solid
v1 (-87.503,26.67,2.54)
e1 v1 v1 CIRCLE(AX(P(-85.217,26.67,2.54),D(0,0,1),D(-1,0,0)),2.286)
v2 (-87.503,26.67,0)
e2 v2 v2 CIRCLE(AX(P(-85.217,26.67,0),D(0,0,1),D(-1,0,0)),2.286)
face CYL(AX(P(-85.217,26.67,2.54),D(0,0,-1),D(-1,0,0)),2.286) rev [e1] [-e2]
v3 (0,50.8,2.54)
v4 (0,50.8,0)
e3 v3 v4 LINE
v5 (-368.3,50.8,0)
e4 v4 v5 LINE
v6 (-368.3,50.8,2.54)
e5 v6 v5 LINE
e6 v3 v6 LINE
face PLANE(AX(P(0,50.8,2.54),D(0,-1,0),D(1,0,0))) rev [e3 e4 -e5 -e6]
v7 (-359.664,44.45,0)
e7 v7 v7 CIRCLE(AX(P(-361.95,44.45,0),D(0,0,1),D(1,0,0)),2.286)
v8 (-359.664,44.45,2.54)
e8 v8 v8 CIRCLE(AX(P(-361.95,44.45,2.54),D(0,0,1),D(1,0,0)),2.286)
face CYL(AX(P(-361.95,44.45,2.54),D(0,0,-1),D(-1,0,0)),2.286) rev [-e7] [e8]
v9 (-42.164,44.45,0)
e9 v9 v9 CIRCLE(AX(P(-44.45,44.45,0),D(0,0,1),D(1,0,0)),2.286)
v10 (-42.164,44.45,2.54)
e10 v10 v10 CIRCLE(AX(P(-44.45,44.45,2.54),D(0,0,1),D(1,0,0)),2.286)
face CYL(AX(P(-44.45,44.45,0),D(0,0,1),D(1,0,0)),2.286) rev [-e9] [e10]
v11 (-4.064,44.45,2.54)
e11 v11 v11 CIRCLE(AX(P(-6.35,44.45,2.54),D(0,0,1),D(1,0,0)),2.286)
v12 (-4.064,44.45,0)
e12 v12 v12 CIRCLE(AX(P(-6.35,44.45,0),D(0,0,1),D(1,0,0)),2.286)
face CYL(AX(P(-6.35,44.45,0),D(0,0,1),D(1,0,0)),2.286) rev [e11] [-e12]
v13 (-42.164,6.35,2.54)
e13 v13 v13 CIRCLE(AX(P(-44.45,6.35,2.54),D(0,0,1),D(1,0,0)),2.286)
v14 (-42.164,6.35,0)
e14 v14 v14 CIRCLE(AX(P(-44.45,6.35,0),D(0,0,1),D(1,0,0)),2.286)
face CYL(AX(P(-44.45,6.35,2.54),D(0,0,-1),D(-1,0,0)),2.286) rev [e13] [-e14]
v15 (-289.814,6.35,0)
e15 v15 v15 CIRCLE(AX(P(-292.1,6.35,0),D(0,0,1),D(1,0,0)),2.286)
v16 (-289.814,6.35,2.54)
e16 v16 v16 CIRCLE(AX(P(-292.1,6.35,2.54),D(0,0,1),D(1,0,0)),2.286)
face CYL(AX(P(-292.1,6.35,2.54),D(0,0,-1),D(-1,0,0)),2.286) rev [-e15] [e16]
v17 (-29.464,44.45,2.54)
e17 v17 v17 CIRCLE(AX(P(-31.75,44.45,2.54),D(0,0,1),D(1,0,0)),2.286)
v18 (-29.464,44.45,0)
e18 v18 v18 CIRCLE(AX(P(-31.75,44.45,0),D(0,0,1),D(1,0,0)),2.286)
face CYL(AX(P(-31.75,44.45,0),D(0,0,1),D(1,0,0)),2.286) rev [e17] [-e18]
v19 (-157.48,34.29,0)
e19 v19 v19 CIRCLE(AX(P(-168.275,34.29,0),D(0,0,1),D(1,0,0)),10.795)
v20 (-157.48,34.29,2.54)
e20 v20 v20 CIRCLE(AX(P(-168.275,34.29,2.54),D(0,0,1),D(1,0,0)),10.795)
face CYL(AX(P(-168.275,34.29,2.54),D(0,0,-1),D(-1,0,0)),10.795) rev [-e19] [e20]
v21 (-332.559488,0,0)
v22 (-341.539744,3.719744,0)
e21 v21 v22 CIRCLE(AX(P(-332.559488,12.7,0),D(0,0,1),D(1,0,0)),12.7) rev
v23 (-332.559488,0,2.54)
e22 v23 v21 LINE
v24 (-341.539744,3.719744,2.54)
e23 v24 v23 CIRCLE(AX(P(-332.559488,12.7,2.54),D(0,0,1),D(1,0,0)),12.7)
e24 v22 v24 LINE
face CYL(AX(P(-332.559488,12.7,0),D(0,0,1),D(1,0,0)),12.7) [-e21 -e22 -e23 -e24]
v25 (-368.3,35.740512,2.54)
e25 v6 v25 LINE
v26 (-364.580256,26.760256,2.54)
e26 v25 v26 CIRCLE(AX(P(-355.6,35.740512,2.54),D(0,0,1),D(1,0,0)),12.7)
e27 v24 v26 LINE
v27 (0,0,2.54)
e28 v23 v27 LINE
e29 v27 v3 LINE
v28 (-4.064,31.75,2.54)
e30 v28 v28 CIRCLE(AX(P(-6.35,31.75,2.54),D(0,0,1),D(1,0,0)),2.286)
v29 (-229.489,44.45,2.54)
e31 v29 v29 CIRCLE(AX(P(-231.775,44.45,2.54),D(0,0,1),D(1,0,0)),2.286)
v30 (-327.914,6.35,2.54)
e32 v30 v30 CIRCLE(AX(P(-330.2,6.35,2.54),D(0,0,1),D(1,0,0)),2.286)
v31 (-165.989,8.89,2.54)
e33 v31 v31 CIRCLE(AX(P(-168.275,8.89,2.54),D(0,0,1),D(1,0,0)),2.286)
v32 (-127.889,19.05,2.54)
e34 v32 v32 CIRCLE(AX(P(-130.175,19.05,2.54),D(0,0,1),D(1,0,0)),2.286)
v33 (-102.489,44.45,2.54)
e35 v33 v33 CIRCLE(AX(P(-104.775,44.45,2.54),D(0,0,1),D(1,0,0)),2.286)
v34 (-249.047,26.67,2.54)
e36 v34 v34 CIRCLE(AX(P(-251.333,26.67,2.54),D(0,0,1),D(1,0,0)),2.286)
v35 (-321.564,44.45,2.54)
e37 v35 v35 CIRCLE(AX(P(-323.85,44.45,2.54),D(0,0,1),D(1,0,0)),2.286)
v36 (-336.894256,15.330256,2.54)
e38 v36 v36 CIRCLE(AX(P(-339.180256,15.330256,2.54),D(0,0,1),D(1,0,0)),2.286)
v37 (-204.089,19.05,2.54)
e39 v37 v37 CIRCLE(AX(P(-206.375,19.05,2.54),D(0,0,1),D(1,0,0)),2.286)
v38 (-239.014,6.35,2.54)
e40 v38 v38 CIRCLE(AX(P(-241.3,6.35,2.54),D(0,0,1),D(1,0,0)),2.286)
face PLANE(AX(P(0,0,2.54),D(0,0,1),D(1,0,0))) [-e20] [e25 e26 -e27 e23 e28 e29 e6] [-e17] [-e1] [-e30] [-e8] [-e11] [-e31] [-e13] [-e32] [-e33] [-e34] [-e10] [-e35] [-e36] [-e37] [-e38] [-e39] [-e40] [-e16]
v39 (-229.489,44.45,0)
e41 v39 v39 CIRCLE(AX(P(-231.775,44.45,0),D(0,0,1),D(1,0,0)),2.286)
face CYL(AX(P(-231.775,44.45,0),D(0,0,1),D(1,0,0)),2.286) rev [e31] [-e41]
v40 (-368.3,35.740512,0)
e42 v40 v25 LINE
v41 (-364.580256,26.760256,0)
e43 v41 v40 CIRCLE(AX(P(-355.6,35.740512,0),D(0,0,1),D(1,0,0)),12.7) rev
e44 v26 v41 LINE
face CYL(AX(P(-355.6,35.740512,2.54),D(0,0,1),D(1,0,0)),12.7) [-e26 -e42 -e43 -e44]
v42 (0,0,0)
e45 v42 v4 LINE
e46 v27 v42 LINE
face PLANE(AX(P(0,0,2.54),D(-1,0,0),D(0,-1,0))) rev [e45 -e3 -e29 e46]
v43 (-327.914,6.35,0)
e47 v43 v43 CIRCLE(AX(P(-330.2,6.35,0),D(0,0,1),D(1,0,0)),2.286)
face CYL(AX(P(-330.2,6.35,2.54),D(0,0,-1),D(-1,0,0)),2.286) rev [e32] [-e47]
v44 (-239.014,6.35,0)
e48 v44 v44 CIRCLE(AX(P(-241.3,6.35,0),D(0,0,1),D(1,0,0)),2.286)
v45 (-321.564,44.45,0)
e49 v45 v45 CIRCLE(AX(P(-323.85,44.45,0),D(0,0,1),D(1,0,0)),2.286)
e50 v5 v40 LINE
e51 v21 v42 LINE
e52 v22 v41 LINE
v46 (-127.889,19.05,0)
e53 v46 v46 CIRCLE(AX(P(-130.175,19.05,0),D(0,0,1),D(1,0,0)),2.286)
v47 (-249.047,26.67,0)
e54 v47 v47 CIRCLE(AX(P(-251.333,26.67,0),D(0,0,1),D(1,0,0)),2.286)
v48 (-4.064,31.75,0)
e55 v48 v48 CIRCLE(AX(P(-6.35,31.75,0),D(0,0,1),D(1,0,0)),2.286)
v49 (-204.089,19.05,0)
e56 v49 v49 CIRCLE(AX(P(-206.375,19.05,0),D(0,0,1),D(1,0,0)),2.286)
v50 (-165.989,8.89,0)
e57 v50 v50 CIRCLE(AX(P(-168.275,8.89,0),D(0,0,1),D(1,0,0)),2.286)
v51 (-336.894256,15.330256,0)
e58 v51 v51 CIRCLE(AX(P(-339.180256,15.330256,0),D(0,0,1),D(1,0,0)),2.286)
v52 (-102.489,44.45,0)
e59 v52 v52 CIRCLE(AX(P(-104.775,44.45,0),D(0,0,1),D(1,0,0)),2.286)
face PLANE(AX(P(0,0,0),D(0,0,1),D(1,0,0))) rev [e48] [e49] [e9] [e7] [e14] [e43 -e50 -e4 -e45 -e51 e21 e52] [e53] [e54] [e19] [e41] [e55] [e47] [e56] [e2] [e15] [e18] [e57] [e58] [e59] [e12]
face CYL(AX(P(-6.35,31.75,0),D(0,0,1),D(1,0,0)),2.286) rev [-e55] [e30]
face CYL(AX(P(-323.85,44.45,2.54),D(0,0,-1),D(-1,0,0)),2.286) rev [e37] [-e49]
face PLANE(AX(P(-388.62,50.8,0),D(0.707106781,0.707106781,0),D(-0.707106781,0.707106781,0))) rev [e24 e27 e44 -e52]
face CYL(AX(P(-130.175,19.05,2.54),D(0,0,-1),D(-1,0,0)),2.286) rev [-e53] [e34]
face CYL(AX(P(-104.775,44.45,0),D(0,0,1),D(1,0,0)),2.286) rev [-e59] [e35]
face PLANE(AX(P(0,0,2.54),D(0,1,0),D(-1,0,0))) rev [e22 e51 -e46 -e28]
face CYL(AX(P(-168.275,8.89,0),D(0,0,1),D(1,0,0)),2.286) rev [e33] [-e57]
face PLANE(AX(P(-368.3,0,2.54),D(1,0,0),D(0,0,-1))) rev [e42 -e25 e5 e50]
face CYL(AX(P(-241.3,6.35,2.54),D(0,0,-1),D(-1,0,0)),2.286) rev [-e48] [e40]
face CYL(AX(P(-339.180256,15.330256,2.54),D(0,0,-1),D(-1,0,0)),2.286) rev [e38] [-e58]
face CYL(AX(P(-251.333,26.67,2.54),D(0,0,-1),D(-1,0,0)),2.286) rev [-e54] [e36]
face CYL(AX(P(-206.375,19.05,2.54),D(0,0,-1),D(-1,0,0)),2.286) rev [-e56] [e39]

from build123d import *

# Parameters (mm, degrees)
SKETCH1_W           = 368.3
SKETCH1_H           = 50.8
SKETCH1_R           = 2.286
SKETCH1_R_2         = 10.795
BOSS_EXTRUDE1_DEPTH = 2.54
CUT_EXTRUDE1_DEPTH  = 2.54
FILLET1_R           = 12.7
SKETCH4_R           = 2.286
CUT_EXTRUDE3_DEPTH  = 372.795618048
SKETCH5_R           = 2.286
CUT_EXTRUDE4_DEPTH  = 372.795618048


with BuildPart() as part:
    # Sketch1 → Boss-Extrude1 (new body)
    with BuildSketch(Plane.XY):
        with Locations((-184.15, 25.4)):
            Rectangle(SKETCH1_W, SKETCH1_H)
        with Locations((-44.45, 6.35)):
            Circle(SKETCH1_R, mode=Mode.SUBTRACT)
        with Locations((-292.1, 6.35)):
            Circle(SKETCH1_R, mode=Mode.SUBTRACT)
        with Locations((-130.175, 19.05)):
            Circle(SKETCH1_R, mode=Mode.SUBTRACT)
        with Locations((-206.375, 19.05)):
            Circle(SKETCH1_R, mode=Mode.SUBTRACT)
        with Locations((-168.275, 34.29)):
            Circle(SKETCH1_R_2, mode=Mode.SUBTRACT)
        with Locations((-251.333, 26.67)):
            Circle(SKETCH1_R, mode=Mode.SUBTRACT)
        with Locations(Location((-85.217, 26.67, 0), (0, 0, 180))):
            Circle(SKETCH1_R, mode=Mode.SUBTRACT)
        with Locations((-330.2, 6.35)):
            Circle(SKETCH1_R, mode=Mode.SUBTRACT)
        with Locations((-241.3, 6.35)):
            Circle(SKETCH1_R, mode=Mode.SUBTRACT)
        with Locations((-361.95, 44.45)):
            Circle(SKETCH1_R, mode=Mode.SUBTRACT)
        with Locations((-323.85, 44.45)):
            Circle(SKETCH1_R, mode=Mode.SUBTRACT)
        with Locations((-339.180256121, 15.330256121)):
            Circle(SKETCH1_R, mode=Mode.SUBTRACT)
    extrude(amount=BOSS_EXTRUDE1_DEPTH)

    # Sketch2 → Cut-Extrude1 (cut)
    with BuildSketch(Plane.XY.offset(2.54)):
        Polygon((-388.62, 50.8), (-337.82, 0), (-388.62, 0), align=None)
    extrude(amount=-CUT_EXTRUDE1_DEPTH, mode=Mode.SUBTRACT)

    # Fillet1
    fillet1_edges = [part.edges().sort_by_distance(p)[0] for p in [
        (-337.82, 0, 1.27),
        (-368.3, 30.48, 1.27),
    ]]
    fillet(fillet1_edges, radius=FILLET1_R)

    # Sketch4 → Cut-Extrude3 (cut, through all)
    with BuildSketch(Plane.XY.offset(2.54)):
        with Locations((-231.775, 44.45)):
            Circle(SKETCH4_R)
        with Locations((-104.775, 44.45)):
            Circle(SKETCH4_R)
        with Locations((-168.275, 8.89)):
            Circle(SKETCH4_R)
    extrude(amount=-CUT_EXTRUDE3_DEPTH, mode=Mode.SUBTRACT)

    # Sketch5 → Cut-Extrude4 (cut, through all)
    with BuildSketch(Plane.XY.offset(2.54)):
        with Locations((-44.45, 44.45)):
            Circle(SKETCH5_R)
        with Locations((-31.75, 44.45)):
            Circle(SKETCH5_R)
        with Locations((-6.35, 44.45)):
            Circle(SKETCH5_R)
        with Locations((-6.35, 31.75)):
            Circle(SKETCH5_R)
    extrude(amount=-CUT_EXTRUDE4_DEPTH, mode=Mode.SUBTRACT)


solid = part.part
